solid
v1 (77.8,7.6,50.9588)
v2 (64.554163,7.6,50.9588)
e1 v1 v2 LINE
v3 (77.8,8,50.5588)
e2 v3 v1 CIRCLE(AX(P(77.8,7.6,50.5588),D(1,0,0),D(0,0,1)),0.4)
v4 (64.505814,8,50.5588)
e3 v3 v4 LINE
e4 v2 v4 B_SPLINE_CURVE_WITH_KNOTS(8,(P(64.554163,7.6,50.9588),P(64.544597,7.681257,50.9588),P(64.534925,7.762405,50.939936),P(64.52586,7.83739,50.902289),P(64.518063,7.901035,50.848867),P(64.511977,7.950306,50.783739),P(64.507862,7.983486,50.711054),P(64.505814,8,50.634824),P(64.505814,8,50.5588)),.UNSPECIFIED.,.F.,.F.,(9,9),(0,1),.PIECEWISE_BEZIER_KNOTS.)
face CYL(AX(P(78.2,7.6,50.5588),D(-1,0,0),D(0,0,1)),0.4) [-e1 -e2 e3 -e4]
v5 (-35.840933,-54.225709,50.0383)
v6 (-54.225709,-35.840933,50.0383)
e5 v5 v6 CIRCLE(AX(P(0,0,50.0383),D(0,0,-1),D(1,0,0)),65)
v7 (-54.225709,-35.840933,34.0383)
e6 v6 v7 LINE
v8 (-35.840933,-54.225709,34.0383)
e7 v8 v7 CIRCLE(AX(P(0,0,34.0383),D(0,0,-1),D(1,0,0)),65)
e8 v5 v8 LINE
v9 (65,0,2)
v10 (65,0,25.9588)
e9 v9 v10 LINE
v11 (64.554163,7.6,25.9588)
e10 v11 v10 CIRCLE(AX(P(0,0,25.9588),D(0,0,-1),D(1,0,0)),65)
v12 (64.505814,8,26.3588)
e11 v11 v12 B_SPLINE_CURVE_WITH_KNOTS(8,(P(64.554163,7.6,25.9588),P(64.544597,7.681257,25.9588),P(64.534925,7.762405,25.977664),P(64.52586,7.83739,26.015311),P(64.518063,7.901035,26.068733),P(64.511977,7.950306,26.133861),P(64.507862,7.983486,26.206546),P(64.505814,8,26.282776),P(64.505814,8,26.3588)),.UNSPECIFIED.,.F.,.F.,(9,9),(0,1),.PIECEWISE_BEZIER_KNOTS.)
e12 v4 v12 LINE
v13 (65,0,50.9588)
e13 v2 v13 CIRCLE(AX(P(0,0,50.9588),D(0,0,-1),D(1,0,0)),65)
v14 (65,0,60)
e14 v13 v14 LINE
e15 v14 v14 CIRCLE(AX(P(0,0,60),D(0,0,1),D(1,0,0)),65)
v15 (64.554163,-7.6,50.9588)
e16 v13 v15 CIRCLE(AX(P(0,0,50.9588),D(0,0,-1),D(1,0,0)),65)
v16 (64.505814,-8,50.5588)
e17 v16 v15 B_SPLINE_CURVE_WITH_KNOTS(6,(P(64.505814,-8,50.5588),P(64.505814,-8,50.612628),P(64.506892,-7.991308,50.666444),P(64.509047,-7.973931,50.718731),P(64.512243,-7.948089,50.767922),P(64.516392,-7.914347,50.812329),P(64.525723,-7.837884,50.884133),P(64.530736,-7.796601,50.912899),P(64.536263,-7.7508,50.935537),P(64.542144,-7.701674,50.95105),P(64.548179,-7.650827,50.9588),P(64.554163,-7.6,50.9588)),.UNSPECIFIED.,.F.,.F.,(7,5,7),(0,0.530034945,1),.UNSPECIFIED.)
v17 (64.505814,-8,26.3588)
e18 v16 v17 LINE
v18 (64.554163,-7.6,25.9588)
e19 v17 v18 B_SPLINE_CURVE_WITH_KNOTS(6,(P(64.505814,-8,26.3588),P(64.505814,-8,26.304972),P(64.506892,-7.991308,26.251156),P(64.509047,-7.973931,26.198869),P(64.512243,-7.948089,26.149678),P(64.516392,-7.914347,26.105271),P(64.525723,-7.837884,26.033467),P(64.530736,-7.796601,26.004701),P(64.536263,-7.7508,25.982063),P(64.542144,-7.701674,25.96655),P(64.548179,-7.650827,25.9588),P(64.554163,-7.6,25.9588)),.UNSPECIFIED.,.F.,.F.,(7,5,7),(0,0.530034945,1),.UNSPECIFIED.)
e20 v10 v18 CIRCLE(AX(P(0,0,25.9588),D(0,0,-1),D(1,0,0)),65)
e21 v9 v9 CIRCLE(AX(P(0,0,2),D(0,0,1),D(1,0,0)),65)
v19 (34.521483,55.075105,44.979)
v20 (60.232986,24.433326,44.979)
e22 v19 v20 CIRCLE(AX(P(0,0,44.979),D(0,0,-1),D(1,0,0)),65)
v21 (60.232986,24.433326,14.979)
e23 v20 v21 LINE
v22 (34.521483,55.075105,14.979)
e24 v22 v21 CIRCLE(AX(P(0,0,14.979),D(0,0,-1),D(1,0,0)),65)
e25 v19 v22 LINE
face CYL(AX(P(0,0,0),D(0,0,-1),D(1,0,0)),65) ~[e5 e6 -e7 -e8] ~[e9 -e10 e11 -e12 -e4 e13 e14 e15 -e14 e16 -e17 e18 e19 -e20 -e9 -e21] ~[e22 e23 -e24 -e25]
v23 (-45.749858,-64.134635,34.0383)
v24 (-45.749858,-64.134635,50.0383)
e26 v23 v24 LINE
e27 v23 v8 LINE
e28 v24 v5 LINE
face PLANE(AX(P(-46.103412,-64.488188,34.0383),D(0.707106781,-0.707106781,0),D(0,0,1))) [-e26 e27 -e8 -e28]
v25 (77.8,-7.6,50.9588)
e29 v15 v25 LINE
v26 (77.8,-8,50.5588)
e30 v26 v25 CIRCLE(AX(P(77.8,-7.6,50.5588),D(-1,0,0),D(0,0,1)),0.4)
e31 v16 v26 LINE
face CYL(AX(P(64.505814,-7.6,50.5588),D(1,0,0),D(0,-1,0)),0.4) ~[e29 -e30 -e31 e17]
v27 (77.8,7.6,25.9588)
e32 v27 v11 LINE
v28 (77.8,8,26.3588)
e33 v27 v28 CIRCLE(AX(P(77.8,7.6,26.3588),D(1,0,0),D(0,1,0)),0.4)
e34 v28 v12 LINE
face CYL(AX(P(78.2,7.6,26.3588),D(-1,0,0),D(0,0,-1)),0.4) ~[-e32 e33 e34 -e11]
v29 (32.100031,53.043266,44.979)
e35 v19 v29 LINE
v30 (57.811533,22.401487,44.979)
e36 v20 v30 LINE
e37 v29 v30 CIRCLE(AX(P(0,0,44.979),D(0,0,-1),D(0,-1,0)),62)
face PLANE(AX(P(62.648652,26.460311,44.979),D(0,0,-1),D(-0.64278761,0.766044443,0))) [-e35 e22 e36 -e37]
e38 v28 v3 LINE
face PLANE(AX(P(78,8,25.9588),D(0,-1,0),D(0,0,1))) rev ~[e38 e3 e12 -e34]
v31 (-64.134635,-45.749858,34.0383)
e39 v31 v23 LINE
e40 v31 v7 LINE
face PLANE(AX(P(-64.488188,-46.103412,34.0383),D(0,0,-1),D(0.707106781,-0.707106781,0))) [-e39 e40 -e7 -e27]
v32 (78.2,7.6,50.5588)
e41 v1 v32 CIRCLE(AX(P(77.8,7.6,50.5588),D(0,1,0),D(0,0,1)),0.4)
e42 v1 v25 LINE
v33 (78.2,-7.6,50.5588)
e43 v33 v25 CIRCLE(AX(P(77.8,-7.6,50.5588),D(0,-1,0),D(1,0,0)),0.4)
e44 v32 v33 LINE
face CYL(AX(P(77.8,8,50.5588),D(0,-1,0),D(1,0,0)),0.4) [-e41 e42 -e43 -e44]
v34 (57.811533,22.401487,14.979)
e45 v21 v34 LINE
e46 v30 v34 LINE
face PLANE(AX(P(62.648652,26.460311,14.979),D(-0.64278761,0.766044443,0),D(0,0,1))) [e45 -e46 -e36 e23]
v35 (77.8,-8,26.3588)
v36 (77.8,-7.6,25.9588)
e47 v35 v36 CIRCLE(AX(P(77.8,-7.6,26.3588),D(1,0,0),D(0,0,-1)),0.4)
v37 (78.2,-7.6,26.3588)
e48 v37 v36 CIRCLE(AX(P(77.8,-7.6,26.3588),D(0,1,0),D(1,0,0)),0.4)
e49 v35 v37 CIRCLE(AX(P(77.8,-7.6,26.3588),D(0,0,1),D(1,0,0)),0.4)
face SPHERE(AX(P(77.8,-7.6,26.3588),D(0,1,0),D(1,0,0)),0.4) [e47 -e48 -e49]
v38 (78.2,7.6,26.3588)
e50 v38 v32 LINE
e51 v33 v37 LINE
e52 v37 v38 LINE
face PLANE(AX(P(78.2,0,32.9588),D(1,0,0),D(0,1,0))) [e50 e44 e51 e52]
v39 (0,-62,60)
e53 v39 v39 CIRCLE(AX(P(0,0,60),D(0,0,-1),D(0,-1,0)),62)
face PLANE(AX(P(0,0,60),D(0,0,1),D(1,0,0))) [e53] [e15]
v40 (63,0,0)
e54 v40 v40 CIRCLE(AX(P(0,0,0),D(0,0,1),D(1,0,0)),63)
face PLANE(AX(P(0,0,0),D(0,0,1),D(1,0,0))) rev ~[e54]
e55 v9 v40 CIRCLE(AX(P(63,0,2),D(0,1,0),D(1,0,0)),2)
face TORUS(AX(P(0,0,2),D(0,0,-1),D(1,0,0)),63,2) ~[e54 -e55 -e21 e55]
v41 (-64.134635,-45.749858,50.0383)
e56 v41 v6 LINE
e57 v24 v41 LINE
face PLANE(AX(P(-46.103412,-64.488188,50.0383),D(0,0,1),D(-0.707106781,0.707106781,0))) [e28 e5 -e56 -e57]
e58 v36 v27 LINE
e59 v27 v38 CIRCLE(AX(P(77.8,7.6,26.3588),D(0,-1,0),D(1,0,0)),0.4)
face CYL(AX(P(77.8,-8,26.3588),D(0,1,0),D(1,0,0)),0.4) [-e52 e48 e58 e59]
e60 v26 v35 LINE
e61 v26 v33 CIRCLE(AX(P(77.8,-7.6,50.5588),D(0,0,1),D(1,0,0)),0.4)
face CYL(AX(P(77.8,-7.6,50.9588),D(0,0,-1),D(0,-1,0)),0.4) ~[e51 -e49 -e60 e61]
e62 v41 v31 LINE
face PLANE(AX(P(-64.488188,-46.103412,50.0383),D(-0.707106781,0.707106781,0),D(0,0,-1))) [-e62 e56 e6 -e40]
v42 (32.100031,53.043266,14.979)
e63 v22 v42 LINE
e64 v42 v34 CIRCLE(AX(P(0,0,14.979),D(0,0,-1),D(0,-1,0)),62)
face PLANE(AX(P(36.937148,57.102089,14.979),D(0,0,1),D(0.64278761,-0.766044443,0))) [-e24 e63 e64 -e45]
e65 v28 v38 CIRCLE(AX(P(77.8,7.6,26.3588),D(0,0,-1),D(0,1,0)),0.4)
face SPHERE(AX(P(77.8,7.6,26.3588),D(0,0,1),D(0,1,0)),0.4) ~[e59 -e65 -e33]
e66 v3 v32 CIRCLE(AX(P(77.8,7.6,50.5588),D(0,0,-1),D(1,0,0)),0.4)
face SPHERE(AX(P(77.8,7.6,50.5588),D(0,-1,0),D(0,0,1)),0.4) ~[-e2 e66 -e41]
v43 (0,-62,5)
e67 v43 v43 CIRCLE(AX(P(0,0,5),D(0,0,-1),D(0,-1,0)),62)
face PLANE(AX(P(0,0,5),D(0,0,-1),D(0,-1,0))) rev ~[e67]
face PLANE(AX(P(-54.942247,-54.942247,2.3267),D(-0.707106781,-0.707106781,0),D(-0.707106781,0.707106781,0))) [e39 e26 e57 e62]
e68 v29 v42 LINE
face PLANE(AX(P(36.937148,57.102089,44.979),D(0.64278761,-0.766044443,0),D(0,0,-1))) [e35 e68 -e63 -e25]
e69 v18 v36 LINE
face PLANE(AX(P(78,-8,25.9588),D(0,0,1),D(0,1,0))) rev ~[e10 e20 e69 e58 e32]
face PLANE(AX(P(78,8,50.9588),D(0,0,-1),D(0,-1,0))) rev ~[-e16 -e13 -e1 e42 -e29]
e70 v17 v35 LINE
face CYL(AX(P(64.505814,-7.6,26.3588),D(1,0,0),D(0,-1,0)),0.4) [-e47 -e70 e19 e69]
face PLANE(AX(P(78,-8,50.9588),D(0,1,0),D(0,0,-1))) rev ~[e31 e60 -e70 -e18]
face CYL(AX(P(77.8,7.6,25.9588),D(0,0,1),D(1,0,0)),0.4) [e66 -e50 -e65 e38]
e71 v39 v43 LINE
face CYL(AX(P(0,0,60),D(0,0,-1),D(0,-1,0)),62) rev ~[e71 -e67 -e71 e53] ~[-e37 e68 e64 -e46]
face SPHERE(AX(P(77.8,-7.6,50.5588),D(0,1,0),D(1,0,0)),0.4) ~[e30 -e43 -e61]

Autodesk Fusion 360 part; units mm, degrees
sketch "Sketch1" plane through (0, 0, 0) normal (0, 0, 1) x (1, 0, 0)
  circle A0 centre (0, 0) radius 65
  dimension "d1" = 130
extrude "Extrude1" add sketch "Sketch1" along normal blind 60
hole "Hole1" at (0, 0, 60) direction (0, 0, -1) diameter 124 depth 55 tip angle 180
ref_plane "WorkPlane1" through (65, 0, 32.9588) normal (1, 0, 0) x (0, -1, 0)
ref_plane "WorkPlane2" through (77.5, 0, 32.9588) normal (1, 0, 0) x (0, -1, 0)
sketch "Sketch2" plane through (77.5, 0, 32.9588) normal (1, 0, 0) x (0, 1, 0)
  line L0 (-8, -8) -> (8, -8)
  line L1 (8, -8) -> (8, 18)
  line L2 (8, 18) -> (-8, 18)
  line L3 (-8, 18) -> (-8, -8)
  line L4 (-8, -8) -> (8, 18) construction
  line L5 (8, -8) -> (-8, 18) construction
  point P0 (0, 5)
  dimension "d9" = 16
extrude "Extrude2" add sketch "Sketch2" along normal up to surface end surface at (64.677, -6.4719, 40)
extrude "Extrude3" add 1 faces at (77.5, -2.6667, 33.6254) along direction (1, 0, 0) blind 0.5
extrude "Extrude4" cut 1 faces at (73.6667, 0, 24.9588) along direction (0, 0, 1) blind 1
extrude "Extrude5" add 1 faces at (78, -2.6667, 42.6254) along direction (1, 0, 0) blind 0.2
shell "Shell1" thickness 1 removed faces 2 at (69.0705, 8, 34.2921) at (73.8, 0, 50.9588)
ref_plane "WorkPlane3" through (49.7929, 41.7812, 24.979) normal (0.766, 0.6428, 0) x (0.6428, -0.766, 0)
sketch "Sketch3" plane through (49.7929, 41.7812, 24.979) normal (0.766, 0.6428, 0) x (0.6428, -0.766, 0)
  line L0 (20, -20) -> (-20, -20)
  line L1 (-20, -20) -> (-20, 10)
  line L2 (-20, 10) -> (20, 10)
  line L3 (20, 10) -> (20, -20)
  line L4 (20, -20) -> (-20, 10) construction
  line L5 (-20, -20) -> (20, 10) construction
  point P0 (0, -5)
  dimension "d20" = 40
extrude "Extrude6" cut sketch "Sketch3" against normal blind 20
fillet "Fillet1" radius 0.4 8 edges at (78.2, 0, 50.9588) (77.7, 8, 50.9588) (78.2, 8, 38.4588) (71.3529, 8, 25.9588) (78.2, 0, 25.9588) (78.2, -8, 38.4588) (71.3529, -8, 50.9588) (71.3529, -8, 25.9588)
fillet "Fillet2" radius 2 1 edges at (-60.6013, -23.505, 0)
ref_plane "WorkPlane4" through (49.7929, 41.7812, 24.979) normal (0.766, 0.6428, 0) x (0.6428, -0.766, 0)
ref_plane "WorkPlane5" through (-45.9619, -45.9619, 2.3267) normal (-0.7071, -0.7071, 0) x (-0.7071, 0.7071, 0)
ref_plane "WorkPlane6" through (-55.2958, -55.2958, 2.3267) normal (-0.7071, -0.7071, 0) x (-0.7071, 0.7071, 0)
sketch "Sketch4" plane through (-55.2958, -55.2958, 2.3267) normal (-0.7071, -0.7071, 0) x (-0.7071, 0.7071, 0)
  line L0 (13, -31.7116) -> (-13, -31.7116)
  line L1 (-13, -31.7116) -> (-13, -47.7116)
  line L2 (-13, -47.7116) -> (13, -47.7116)
  line L3 (13, -47.7116) -> (13, -31.7116)
  line L4 (13, -31.7116) -> (-13, -47.7116) construction
  line L5 (-13, -31.7116) -> (13, -47.7116) construction
  point P0 (0, -39.7116)
  dimension "d31" = 26
  dimension "d32" = 16
extrude "Extrude7" add sketch "Sketch4" along normal up to surface end surface at (62.1344, 19.0871, 28.7723)
extrude "Extrude8" cut 1 faces at (-52.2316, -58.3599, 39.3716) along direction (0.707107, 0.707107, 0) blind 0.5
shell "Shell2" thickness 1 removed faces 1 at (-52.9418, -50.8867, 50.0383)
